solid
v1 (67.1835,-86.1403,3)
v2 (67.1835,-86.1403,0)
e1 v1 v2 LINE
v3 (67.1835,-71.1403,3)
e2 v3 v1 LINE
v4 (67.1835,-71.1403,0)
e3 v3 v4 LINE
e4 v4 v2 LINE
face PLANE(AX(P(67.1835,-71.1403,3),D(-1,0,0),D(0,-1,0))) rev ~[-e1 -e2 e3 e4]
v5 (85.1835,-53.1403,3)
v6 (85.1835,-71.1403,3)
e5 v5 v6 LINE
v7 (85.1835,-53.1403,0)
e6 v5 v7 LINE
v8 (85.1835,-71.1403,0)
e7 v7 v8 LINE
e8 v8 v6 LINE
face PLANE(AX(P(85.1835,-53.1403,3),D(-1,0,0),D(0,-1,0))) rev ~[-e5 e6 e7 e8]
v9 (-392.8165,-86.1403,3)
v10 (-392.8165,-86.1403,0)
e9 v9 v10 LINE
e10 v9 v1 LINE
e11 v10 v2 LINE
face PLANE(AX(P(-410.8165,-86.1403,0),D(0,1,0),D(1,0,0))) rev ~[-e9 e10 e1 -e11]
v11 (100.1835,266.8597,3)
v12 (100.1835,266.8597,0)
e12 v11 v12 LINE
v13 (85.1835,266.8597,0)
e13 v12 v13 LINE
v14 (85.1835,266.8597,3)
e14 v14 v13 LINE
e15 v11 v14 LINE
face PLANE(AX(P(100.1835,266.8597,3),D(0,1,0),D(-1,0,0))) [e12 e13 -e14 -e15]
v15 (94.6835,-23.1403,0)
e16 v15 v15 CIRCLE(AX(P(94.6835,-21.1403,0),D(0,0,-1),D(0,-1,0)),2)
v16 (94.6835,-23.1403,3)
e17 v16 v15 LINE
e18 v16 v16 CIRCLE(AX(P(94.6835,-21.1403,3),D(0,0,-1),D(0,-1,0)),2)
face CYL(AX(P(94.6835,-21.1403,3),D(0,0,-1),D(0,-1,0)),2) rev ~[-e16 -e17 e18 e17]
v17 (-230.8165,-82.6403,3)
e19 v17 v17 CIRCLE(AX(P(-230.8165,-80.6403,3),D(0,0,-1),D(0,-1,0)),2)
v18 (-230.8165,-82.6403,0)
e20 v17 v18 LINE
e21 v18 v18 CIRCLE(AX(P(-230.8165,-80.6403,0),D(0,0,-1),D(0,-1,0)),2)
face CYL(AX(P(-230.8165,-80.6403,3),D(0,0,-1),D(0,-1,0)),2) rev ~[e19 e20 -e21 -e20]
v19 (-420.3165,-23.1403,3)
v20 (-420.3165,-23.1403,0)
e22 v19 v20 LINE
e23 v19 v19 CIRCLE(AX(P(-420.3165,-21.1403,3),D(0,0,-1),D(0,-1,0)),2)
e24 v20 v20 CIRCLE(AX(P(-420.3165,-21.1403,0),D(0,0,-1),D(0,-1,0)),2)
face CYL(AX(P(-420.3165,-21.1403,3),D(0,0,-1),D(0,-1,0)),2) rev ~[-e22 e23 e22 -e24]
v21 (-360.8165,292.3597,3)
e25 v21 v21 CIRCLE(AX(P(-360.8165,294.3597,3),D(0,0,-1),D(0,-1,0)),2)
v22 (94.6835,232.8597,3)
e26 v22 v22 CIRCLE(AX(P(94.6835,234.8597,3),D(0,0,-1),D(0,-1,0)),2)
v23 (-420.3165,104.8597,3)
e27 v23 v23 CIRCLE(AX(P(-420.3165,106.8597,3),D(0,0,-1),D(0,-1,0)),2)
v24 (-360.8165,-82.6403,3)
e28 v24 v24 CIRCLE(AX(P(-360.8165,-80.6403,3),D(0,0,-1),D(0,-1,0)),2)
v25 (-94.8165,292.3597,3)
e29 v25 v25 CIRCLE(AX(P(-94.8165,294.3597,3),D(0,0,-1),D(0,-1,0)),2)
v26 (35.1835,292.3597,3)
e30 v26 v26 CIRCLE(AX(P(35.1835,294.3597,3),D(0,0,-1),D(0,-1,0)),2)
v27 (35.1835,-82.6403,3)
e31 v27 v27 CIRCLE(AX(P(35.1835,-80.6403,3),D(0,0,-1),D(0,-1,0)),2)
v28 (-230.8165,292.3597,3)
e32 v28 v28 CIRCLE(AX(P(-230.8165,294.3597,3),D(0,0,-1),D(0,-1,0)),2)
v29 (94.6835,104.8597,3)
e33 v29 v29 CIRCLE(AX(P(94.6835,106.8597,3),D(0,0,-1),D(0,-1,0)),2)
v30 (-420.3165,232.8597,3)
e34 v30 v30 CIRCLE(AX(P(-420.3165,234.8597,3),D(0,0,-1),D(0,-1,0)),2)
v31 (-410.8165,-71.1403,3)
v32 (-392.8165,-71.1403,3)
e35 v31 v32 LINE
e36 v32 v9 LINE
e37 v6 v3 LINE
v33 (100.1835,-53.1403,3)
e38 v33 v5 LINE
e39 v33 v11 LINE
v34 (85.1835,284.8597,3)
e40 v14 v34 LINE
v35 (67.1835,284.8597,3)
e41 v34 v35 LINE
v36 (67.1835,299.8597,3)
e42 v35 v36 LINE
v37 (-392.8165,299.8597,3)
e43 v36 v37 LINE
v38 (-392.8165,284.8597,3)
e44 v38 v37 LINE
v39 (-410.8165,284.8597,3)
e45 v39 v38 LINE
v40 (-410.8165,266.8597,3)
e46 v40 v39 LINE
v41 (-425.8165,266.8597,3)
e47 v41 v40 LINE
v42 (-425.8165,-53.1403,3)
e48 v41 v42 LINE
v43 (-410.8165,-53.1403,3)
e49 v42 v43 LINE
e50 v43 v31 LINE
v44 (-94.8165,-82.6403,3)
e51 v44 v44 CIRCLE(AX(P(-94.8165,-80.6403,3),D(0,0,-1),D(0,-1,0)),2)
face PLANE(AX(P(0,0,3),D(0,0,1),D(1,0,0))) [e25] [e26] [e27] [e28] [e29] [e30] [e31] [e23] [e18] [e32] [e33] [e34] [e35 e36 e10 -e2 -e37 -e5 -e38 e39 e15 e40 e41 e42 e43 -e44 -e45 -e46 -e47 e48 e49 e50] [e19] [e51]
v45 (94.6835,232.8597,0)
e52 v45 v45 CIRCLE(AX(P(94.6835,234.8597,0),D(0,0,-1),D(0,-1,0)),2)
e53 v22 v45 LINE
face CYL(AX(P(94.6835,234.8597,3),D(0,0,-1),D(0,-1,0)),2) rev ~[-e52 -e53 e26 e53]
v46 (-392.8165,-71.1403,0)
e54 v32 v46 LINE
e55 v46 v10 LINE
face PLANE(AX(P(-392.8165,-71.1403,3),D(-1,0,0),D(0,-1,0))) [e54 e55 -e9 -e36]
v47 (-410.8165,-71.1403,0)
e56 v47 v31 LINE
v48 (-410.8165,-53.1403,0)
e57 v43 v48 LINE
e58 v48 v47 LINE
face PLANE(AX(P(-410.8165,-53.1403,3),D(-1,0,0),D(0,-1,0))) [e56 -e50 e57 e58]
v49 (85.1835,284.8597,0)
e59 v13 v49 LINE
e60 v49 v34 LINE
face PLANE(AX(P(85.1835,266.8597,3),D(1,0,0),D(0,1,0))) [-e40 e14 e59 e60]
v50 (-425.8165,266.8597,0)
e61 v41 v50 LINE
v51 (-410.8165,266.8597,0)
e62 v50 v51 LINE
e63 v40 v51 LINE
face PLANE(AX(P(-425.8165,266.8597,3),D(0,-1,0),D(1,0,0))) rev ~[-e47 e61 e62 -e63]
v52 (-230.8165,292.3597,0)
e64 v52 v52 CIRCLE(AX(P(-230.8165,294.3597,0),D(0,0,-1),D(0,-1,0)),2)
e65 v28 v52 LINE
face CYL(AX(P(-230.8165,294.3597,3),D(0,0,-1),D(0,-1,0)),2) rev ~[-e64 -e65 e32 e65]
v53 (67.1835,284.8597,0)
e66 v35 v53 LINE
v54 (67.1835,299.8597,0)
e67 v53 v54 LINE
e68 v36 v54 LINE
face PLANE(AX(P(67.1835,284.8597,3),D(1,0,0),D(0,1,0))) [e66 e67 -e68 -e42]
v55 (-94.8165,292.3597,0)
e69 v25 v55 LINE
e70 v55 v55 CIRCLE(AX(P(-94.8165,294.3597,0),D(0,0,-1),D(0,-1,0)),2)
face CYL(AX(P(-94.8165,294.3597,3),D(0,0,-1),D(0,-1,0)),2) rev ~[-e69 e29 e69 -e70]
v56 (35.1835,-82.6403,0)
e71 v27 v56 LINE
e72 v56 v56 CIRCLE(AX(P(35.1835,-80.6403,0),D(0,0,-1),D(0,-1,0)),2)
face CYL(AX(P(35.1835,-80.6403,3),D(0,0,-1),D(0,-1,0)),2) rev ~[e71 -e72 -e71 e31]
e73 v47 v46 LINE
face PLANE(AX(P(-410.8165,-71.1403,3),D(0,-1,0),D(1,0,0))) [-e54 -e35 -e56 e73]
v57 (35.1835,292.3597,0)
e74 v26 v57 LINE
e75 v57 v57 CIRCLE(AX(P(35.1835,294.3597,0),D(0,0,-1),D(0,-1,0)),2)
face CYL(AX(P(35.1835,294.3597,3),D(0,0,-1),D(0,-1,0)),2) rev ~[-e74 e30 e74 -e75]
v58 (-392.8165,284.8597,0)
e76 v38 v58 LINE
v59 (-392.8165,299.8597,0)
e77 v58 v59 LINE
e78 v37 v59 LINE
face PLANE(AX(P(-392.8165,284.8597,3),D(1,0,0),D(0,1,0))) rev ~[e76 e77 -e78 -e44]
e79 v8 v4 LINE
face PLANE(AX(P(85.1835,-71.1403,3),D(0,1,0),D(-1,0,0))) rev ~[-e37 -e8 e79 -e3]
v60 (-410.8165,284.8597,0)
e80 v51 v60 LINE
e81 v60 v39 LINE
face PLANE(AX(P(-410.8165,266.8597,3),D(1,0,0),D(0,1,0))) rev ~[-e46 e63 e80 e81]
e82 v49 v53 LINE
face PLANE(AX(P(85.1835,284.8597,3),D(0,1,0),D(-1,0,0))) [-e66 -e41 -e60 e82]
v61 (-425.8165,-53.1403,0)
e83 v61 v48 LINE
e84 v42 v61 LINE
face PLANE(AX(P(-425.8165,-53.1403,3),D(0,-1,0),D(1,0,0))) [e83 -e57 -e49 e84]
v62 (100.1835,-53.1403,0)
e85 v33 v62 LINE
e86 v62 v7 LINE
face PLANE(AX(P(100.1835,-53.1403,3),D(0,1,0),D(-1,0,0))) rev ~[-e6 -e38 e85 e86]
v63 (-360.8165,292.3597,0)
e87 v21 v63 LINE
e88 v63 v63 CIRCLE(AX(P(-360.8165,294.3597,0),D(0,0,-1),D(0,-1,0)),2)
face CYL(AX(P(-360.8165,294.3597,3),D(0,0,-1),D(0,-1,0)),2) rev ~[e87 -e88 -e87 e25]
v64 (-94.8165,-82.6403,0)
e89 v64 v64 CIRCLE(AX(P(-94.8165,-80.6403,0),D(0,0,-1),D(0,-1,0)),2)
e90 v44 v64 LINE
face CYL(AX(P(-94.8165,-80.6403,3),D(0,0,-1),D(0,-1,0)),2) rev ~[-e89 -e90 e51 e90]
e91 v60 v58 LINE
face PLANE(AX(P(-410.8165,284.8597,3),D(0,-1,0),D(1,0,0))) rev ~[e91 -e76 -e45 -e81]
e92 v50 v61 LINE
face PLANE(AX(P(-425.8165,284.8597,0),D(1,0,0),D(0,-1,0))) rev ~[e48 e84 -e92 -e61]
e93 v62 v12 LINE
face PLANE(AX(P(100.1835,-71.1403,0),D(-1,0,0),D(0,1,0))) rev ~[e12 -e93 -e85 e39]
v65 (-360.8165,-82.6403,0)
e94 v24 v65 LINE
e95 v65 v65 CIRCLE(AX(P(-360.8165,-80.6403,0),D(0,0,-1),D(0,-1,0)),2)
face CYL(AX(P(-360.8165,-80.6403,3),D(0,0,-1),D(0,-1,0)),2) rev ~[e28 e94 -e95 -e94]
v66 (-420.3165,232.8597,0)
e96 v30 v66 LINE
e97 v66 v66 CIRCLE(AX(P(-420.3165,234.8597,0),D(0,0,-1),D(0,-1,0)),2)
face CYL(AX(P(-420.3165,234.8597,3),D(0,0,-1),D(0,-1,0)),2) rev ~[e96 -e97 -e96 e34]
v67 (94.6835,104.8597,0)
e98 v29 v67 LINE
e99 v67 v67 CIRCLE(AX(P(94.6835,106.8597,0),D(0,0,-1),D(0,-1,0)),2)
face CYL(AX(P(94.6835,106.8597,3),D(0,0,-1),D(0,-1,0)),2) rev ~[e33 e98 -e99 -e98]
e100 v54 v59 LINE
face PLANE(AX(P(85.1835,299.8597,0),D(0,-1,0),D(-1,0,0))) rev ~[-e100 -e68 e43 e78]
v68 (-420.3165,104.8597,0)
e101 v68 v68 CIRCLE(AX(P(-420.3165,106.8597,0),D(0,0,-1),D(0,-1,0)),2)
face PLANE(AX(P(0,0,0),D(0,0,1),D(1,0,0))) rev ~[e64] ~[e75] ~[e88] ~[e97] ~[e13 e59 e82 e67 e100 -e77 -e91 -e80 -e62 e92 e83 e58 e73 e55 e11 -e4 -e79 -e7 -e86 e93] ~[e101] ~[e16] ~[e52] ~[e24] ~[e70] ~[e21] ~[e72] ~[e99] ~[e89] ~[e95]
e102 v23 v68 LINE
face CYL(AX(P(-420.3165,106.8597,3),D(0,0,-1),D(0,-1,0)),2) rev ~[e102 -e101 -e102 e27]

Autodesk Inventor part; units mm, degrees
ref_plane "YZ Plane" through (0, 0, 0) normal (1, 0, 0) x (0, 1, 0)
ref_plane "XZ Plane" through (0, 0, 0) normal (0, 1, 0) x (-1, 0, 0)
ref_plane "XY Plane" through (0, 0, 0) normal (0, 0, 1) x (1, 0, 0)
sketch "Sketch1" plane through (0, 0, 0) normal (0, 0, 1) x (1, 0, 0)
  line L0 (-412.8165, 301.8597) -> (87.1835, 301.8597) projected
  line L1 (-427.8165, 301.8597) -> (-412.8165, 301.8597) projected
  line L2 (-427.8165, 286.8597) -> (-427.8165, 301.8597) projected
  line L3 (-427.8165, -73.1403) -> (-427.8165, 286.8597) projected
  line L4 (-412.8165, 286.8597) -> (-427.8165, 286.8597) projected
  line L5 (-412.8165, 286.8597) -> (-427.8165, 286.8597) projected
  line L6 (-412.8165, 301.8597) -> (-412.8165, 286.8597) projected
  line L7 (-427.8165, 301.8597) -> (-412.8165, 301.8597) projected
  line L8 (-427.8165, 286.8597) -> (-427.8165, 301.8597) projected
  line L9 (-412.8165, -88.1403) -> (-412.8165, -73.1403) projected
  line L10 (-412.8165, -73.1403) -> (-427.8165, -73.1403) projected
  line L11 (-427.8165, -88.1403) -> (-427.8165, -73.1403) projected
  line L12 (-412.8165, -88.1403) -> (-427.8165, -88.1403) projected
  line L13 (-412.8165, -73.1403) -> (-412.8165, 286.8597) projected
  line L14 (87.1835, -73.1403) -> (-412.8165, -73.1403) projected
  line L15 (87.1835, -88.1403) -> (-412.8165, -88.1403) projected
  line L16 (102.1835, -88.1403) -> (102.1835, -73.1403) projected
  line L17 (102.1835, -73.1403) -> (87.1835, -73.1403) projected
  line L18 (87.1835, -88.1403) -> (87.1835, -73.1403) projected
  line L19 (102.1835, -88.1403) -> (87.1835, -88.1403) projected
  line L20 (87.1835, -73.1403) -> (87.1835, 286.8597) projected
  line L21 (102.1835, -73.1403) -> (102.1835, 286.8597) projected
  line L22 (87.1835, 286.8597) -> (102.1835, 286.8597) projected
  line L23 (102.1835, 286.8597) -> (102.1835, 301.8597) projected
  line L24 (87.1835, 301.8597) -> (102.1835, 301.8597) projected
  line L25 (87.1835, 286.8597) -> (87.1835, 301.8597) projected
  line L26 (87.1835, 286.8597) -> (-412.8165, 286.8597) projected
  line L27 (-312.8165, -73.1403) -> (-312.8165, 286.8597) projected
  line L28 (-297.8165, -73.1403) -> (-297.8165, 286.8597) projected
  line L29 (-12.8165, -73.1403) -> (-12.8165, 286.8597) projected
  line L30 (-27.8165, -73.1403) -> (-27.8165, 286.8597) projected
  line L31 (-425.8165, -71.1403) -> (-410.8165, -71.1403)
  line L32 (-410.8165, -71.1403) -> (-410.8165, -86.1403)
  line L33 (-410.8165, -86.1403) -> (85.1835, -86.1403)
  line L34 (85.1835, -86.1403) -> (85.1835, -71.1403)
  line L35 (85.1835, -71.1403) -> (100.1835, -71.1403)
  line L36 (100.1835, -71.1403) -> (100.1835, 284.8597)
  line L37 (100.1835, 284.8597) -> (85.1835, 284.8597)
  line L38 (85.1835, 284.8597) -> (85.1835, 299.8597)
  line L39 (85.1835, 299.8597) -> (-410.8165, 299.8597)
  line L40 (-410.8165, 299.8597) -> (-410.8165, 284.8597)
  line L41 (-410.8165, 284.8597) -> (-425.8165, 284.8597)
  line L42 (-425.8165, 284.8597) -> (-425.8165, -71.1403)
  point P0 (0, 0)
  dimension "d2" = 2
  dimension "d3" = 2
  dimension "d4" = 2
  dimension "d5" = 2
  dimension "d6" = 2
  dimension "d7" = 2
  dimension "d8" = 2
  dimension "d9" = 2
  dimension "d10" = 2
  dimension "d11" = 2
  dimension "d12" = 2
  dimension "d13" = 2
extrude "Extrusion1" add sketch "Sketch1" along normal blind 3 contours L41 L40 L26 L27 L14 L32 L31 L13 | L13 L31 L42 L41 | L40 L39 L38 L26 | L37 L36 L35 L20 | L20 L35 L34 L14 L29 L26 L38 L37 | L26 L28 L14 L27 | L29 L14 L30 L26 | L26 L30 L14 L28 | L14 L34 L33 L32
sketch "Sketch3" plane through (0, 0, 3) normal (0, 0, 1) x (1, 0, 0)
  line L0 (100.1835, -71.1403) -> (100.1835, 284.8597) projected
  line L1 (-425.8165, 284.8597) -> (-425.8165, -71.1403) projected
  line L2 (-425.8165, -71.1403) -> (-410.8165, -71.1403) projected
  line L3 (-410.8165, 284.8597) -> (-425.8165, 284.8597) projected
  line L4 (85.1835, -86.1403) -> (85.1835, -71.1403) projected
  line L5 (-410.8165, 299.8597) -> (-410.8165, 284.8597) projected
  line L6 (-410.8165, -86.1403) -> (85.1835, -86.1403) projected
  line L7 (85.1835, 299.8597) -> (-410.8165, 299.8597) projected
  point P0 (0, 0)
  point P1 (94.6835, -21.1403)
  point P2 (94.6835, 106.8597)
  point P3 (94.6835, 234.8597)
  point P4 (-420.3165, 234.8597)
  point P5 (-420.3165, 106.8597)
  point P6 (-420.3165, -21.1403)
  point P7 (35.1835, -80.6403)
  point P8 (-94.8165, -80.6403)
  point P9 (-230.8165, -80.6403)
  point P10 (-360.8165, -80.6403)
  point P11 (-360.8165, 294.3597)
  point P12 (-230.8165, 294.3597)
  point P13 (-94.8165, 294.3597)
  point P14 (35.1835, 294.3597)
  dimension "d18" = 5.5
  dimension "d19" = 5.5
  dimension "d20" = 50
  dimension "d21" = 50
  dimension "d22" = 356
  dimension "d23" = 178
  dimension "d24" = 50
  dimension "d25" = 50
  dimension "d26" = 5.5
  dimension "d27" = 5.5
  dimension "d28" = 180
  dimension "d29" = 180
hole "FrameMountHoles" at (94.6835, -21.1403, 3) at (94.6835, 106.8597, 3) at (94.6835, 234.8597, 3) at (-420.3165, 234.8597, 3) at (-420.3165, 106.8597, 3) at (-420.3165, -21.1403, 3) at (35.1835, -80.6403, 3) at (-94.8165, -80.6403, 3) at (-230.8165, -80.6403, 3) at (-360.8165, -80.6403, 3) at (-360.8165, 294.3597, 3) at (-230.8165, 294.3597, 3) at (-94.8165, 294.3597, 3) at (35.1835, 294.3597, 3) direction (0, 0, -1) diameter 4 depth 8 tip angle 118
sketch "Sketch10" plane through (0, 0, 3) normal (0, 0, 1) x (1, 0, 0)
  circle A0 centre (-94.8165, 294.3597) radius 2 projected
  circle A1 centre (-360.8165, 294.3597) radius 2 projected
  circle A2 centre (-230.8165, -80.6403) radius 2 projected
  circle A3 centre (35.1835, -80.6403) radius 2 projected
  circle A4 centre (-420.3165, 106.8597) radius 2 projected
  circle A5 centre (94.6835, 234.8597) radius 2 projected
  circle A6 centre (94.6835, -21.1403) radius 2 projected
  circle A7 centre (94.6835, 106.8597) radius 2 projected
  circle A8 centre (-420.3165, 234.8597) radius 2 projected
  circle A9 centre (-420.3165, -21.1403) radius 2 projected
  circle A10 centre (-94.8165, -80.6403) radius 2 projected
  circle A11 centre (-360.8165, -80.6403) radius 2 projected
  circle A12 centre (-230.8165, 294.3597) radius 2 projected
  circle A13 centre (35.1835, 294.3597) radius 2 projected
  line L0 (-425.8165, -71.1403) -> (-410.8165, -71.1403) projected
  line L1 (-410.8165, -71.1403) -> (-410.8165, -86.1403) projected
  line L2 (-410.8165, -86.1403) -> (85.1835, -86.1403) projected
  line L3 (85.1835, -86.1403) -> (85.1835, -71.1403) projected
  line L4 (85.1835, -71.1403) -> (100.1835, -71.1403) projected
  line L5 (100.1835, -71.1403) -> (100.1835, 284.8597) projected
  line L6 (100.1835, 284.8597) -> (85.1835, 284.8597) projected
  line L7 (85.1835, 284.8597) -> (85.1835, 299.8597) projected
  line L8 (85.1835, 299.8597) -> (-410.8165, 299.8597) projected
  line L9 (-410.8165, 299.8597) -> (-410.8165, 284.8597) projected
  line L10 (-410.8165, 284.8597) -> (-425.8165, 284.8597) projected
  line L11 (-425.8165, 284.8597) -> (-425.8165, -71.1403) projected
  line L12 (100.1835, -71.1403) -> (100.1835, 284.8597) projected
  line L13 (85.1835, 284.8597) -> (100.1835, 284.8597)
  line L14 (100.1835, 284.8597) -> (100.1835, 266.8597)
  line L15 (100.1835, 266.8597) -> (85.1835, 266.8597)
  line L16 (85.1835, 266.8597) -> (85.1835, 284.8597)
  line L17 (85.1835, 284.8597) -> (67.1835, 284.8597)
  line L18 (67.1835, 284.8597) -> (67.1835, 299.8597)
  line L19 (67.1835, 299.8597) -> (85.1835, 299.8597)
  line L20 (85.1835, 299.8597) -> (85.1835, 284.8597)
  line L21 (-410.8165, 284.8597) -> (-392.8165, 284.8597)
  line L22 (-392.8165, 284.8597) -> (-392.8165, 299.8597)
  line L23 (-392.8165, 299.8597) -> (-410.8165, 299.8597)
  line L24 (-410.8165, 299.8597) -> (-410.8165, 284.8597)
  line L25 (-410.8165, 284.8597) -> (-425.8165, 284.8597)
  line L26 (-425.8165, 284.8597) -> (-425.8165, 266.8597)
  line L27 (-425.8165, 266.8597) -> (-410.8165, 266.8597)
  line L28 (-410.8165, 266.8597) -> (-410.8165, 284.8597)
  line L29 (-410.8165, -71.1403) -> (-425.8165, -71.1403)
  line L30 (-425.8165, -71.1403) -> (-425.8165, -53.1403)
  line L31 (-425.8165, -53.1403) -> (-410.8165, -53.1403)
  line L32 (-410.8165, -53.1403) -> (-410.8165, -71.1403)
  line L33 (-410.8165, -71.1403) -> (-392.8165, -71.1403)
  line L34 (-392.8165, -71.1403) -> (-392.8165, -86.1403)
  line L35 (-392.8165, -86.1403) -> (-410.8165, -86.1403)
  line L36 (-410.8165, -86.1403) -> (-410.8165, -71.1403)
  line L37 (-410.8165, -86.1403) -> (85.1835, -86.1403) projected
  line L38 (85.1835, -71.1403) -> (67.1835, -71.1403)
  line L39 (67.1835, -71.1403) -> (67.1835, -86.1403)
  line L40 (67.1835, -86.1403) -> (85.1835, -86.1403)
  line L41 (85.1835, -86.1403) -> (85.1835, -71.1403)
  line L42 (85.1835, -71.1403) -> (100.1835, -71.1403)
  line L43 (100.1835, -71.1403) -> (100.1835, -53.1403)
  line L44 (100.1835, -53.1403) -> (85.1835, -53.1403)
  line L45 (85.1835, -53.1403) -> (85.1835, -71.1403)
  point P0 (0, 0)
  dimension "d78" = 18
extrude "TriCuts" cut sketch "Sketch10" against normal through all contours L11 L31 L32 L0 | L33 L34 L2 L1 | L11 L10 L28 L27 | L39 L38 L3 L2 | L9 L8 L22 L21 | L45 L44 L5 L4 | L8 L7 L17 L18 | L15 L16 L6 L5
equation "\"d4\" = d2"
equation "\"d5\" = d3"
equation "\"d6\" = d2"
equation "\"d7\" = d2"
equation "\"d8\" = d3"
equation "\"d9\" = d2"
equation "\"d10\" = d2"
equation "\"d11\" = d3"
equation "\"d12\" = d2"
equation "\"d13\" = d2"
equation "\"d19\" = d18"
equation "\"d23\" = 0.5 * d22"
equation "\"d26\" = d18"
equation "\"d27\" = d18"
equation "\"d29\" = d28"
properties part number "BasePlate" material "Aluminum 6061"
